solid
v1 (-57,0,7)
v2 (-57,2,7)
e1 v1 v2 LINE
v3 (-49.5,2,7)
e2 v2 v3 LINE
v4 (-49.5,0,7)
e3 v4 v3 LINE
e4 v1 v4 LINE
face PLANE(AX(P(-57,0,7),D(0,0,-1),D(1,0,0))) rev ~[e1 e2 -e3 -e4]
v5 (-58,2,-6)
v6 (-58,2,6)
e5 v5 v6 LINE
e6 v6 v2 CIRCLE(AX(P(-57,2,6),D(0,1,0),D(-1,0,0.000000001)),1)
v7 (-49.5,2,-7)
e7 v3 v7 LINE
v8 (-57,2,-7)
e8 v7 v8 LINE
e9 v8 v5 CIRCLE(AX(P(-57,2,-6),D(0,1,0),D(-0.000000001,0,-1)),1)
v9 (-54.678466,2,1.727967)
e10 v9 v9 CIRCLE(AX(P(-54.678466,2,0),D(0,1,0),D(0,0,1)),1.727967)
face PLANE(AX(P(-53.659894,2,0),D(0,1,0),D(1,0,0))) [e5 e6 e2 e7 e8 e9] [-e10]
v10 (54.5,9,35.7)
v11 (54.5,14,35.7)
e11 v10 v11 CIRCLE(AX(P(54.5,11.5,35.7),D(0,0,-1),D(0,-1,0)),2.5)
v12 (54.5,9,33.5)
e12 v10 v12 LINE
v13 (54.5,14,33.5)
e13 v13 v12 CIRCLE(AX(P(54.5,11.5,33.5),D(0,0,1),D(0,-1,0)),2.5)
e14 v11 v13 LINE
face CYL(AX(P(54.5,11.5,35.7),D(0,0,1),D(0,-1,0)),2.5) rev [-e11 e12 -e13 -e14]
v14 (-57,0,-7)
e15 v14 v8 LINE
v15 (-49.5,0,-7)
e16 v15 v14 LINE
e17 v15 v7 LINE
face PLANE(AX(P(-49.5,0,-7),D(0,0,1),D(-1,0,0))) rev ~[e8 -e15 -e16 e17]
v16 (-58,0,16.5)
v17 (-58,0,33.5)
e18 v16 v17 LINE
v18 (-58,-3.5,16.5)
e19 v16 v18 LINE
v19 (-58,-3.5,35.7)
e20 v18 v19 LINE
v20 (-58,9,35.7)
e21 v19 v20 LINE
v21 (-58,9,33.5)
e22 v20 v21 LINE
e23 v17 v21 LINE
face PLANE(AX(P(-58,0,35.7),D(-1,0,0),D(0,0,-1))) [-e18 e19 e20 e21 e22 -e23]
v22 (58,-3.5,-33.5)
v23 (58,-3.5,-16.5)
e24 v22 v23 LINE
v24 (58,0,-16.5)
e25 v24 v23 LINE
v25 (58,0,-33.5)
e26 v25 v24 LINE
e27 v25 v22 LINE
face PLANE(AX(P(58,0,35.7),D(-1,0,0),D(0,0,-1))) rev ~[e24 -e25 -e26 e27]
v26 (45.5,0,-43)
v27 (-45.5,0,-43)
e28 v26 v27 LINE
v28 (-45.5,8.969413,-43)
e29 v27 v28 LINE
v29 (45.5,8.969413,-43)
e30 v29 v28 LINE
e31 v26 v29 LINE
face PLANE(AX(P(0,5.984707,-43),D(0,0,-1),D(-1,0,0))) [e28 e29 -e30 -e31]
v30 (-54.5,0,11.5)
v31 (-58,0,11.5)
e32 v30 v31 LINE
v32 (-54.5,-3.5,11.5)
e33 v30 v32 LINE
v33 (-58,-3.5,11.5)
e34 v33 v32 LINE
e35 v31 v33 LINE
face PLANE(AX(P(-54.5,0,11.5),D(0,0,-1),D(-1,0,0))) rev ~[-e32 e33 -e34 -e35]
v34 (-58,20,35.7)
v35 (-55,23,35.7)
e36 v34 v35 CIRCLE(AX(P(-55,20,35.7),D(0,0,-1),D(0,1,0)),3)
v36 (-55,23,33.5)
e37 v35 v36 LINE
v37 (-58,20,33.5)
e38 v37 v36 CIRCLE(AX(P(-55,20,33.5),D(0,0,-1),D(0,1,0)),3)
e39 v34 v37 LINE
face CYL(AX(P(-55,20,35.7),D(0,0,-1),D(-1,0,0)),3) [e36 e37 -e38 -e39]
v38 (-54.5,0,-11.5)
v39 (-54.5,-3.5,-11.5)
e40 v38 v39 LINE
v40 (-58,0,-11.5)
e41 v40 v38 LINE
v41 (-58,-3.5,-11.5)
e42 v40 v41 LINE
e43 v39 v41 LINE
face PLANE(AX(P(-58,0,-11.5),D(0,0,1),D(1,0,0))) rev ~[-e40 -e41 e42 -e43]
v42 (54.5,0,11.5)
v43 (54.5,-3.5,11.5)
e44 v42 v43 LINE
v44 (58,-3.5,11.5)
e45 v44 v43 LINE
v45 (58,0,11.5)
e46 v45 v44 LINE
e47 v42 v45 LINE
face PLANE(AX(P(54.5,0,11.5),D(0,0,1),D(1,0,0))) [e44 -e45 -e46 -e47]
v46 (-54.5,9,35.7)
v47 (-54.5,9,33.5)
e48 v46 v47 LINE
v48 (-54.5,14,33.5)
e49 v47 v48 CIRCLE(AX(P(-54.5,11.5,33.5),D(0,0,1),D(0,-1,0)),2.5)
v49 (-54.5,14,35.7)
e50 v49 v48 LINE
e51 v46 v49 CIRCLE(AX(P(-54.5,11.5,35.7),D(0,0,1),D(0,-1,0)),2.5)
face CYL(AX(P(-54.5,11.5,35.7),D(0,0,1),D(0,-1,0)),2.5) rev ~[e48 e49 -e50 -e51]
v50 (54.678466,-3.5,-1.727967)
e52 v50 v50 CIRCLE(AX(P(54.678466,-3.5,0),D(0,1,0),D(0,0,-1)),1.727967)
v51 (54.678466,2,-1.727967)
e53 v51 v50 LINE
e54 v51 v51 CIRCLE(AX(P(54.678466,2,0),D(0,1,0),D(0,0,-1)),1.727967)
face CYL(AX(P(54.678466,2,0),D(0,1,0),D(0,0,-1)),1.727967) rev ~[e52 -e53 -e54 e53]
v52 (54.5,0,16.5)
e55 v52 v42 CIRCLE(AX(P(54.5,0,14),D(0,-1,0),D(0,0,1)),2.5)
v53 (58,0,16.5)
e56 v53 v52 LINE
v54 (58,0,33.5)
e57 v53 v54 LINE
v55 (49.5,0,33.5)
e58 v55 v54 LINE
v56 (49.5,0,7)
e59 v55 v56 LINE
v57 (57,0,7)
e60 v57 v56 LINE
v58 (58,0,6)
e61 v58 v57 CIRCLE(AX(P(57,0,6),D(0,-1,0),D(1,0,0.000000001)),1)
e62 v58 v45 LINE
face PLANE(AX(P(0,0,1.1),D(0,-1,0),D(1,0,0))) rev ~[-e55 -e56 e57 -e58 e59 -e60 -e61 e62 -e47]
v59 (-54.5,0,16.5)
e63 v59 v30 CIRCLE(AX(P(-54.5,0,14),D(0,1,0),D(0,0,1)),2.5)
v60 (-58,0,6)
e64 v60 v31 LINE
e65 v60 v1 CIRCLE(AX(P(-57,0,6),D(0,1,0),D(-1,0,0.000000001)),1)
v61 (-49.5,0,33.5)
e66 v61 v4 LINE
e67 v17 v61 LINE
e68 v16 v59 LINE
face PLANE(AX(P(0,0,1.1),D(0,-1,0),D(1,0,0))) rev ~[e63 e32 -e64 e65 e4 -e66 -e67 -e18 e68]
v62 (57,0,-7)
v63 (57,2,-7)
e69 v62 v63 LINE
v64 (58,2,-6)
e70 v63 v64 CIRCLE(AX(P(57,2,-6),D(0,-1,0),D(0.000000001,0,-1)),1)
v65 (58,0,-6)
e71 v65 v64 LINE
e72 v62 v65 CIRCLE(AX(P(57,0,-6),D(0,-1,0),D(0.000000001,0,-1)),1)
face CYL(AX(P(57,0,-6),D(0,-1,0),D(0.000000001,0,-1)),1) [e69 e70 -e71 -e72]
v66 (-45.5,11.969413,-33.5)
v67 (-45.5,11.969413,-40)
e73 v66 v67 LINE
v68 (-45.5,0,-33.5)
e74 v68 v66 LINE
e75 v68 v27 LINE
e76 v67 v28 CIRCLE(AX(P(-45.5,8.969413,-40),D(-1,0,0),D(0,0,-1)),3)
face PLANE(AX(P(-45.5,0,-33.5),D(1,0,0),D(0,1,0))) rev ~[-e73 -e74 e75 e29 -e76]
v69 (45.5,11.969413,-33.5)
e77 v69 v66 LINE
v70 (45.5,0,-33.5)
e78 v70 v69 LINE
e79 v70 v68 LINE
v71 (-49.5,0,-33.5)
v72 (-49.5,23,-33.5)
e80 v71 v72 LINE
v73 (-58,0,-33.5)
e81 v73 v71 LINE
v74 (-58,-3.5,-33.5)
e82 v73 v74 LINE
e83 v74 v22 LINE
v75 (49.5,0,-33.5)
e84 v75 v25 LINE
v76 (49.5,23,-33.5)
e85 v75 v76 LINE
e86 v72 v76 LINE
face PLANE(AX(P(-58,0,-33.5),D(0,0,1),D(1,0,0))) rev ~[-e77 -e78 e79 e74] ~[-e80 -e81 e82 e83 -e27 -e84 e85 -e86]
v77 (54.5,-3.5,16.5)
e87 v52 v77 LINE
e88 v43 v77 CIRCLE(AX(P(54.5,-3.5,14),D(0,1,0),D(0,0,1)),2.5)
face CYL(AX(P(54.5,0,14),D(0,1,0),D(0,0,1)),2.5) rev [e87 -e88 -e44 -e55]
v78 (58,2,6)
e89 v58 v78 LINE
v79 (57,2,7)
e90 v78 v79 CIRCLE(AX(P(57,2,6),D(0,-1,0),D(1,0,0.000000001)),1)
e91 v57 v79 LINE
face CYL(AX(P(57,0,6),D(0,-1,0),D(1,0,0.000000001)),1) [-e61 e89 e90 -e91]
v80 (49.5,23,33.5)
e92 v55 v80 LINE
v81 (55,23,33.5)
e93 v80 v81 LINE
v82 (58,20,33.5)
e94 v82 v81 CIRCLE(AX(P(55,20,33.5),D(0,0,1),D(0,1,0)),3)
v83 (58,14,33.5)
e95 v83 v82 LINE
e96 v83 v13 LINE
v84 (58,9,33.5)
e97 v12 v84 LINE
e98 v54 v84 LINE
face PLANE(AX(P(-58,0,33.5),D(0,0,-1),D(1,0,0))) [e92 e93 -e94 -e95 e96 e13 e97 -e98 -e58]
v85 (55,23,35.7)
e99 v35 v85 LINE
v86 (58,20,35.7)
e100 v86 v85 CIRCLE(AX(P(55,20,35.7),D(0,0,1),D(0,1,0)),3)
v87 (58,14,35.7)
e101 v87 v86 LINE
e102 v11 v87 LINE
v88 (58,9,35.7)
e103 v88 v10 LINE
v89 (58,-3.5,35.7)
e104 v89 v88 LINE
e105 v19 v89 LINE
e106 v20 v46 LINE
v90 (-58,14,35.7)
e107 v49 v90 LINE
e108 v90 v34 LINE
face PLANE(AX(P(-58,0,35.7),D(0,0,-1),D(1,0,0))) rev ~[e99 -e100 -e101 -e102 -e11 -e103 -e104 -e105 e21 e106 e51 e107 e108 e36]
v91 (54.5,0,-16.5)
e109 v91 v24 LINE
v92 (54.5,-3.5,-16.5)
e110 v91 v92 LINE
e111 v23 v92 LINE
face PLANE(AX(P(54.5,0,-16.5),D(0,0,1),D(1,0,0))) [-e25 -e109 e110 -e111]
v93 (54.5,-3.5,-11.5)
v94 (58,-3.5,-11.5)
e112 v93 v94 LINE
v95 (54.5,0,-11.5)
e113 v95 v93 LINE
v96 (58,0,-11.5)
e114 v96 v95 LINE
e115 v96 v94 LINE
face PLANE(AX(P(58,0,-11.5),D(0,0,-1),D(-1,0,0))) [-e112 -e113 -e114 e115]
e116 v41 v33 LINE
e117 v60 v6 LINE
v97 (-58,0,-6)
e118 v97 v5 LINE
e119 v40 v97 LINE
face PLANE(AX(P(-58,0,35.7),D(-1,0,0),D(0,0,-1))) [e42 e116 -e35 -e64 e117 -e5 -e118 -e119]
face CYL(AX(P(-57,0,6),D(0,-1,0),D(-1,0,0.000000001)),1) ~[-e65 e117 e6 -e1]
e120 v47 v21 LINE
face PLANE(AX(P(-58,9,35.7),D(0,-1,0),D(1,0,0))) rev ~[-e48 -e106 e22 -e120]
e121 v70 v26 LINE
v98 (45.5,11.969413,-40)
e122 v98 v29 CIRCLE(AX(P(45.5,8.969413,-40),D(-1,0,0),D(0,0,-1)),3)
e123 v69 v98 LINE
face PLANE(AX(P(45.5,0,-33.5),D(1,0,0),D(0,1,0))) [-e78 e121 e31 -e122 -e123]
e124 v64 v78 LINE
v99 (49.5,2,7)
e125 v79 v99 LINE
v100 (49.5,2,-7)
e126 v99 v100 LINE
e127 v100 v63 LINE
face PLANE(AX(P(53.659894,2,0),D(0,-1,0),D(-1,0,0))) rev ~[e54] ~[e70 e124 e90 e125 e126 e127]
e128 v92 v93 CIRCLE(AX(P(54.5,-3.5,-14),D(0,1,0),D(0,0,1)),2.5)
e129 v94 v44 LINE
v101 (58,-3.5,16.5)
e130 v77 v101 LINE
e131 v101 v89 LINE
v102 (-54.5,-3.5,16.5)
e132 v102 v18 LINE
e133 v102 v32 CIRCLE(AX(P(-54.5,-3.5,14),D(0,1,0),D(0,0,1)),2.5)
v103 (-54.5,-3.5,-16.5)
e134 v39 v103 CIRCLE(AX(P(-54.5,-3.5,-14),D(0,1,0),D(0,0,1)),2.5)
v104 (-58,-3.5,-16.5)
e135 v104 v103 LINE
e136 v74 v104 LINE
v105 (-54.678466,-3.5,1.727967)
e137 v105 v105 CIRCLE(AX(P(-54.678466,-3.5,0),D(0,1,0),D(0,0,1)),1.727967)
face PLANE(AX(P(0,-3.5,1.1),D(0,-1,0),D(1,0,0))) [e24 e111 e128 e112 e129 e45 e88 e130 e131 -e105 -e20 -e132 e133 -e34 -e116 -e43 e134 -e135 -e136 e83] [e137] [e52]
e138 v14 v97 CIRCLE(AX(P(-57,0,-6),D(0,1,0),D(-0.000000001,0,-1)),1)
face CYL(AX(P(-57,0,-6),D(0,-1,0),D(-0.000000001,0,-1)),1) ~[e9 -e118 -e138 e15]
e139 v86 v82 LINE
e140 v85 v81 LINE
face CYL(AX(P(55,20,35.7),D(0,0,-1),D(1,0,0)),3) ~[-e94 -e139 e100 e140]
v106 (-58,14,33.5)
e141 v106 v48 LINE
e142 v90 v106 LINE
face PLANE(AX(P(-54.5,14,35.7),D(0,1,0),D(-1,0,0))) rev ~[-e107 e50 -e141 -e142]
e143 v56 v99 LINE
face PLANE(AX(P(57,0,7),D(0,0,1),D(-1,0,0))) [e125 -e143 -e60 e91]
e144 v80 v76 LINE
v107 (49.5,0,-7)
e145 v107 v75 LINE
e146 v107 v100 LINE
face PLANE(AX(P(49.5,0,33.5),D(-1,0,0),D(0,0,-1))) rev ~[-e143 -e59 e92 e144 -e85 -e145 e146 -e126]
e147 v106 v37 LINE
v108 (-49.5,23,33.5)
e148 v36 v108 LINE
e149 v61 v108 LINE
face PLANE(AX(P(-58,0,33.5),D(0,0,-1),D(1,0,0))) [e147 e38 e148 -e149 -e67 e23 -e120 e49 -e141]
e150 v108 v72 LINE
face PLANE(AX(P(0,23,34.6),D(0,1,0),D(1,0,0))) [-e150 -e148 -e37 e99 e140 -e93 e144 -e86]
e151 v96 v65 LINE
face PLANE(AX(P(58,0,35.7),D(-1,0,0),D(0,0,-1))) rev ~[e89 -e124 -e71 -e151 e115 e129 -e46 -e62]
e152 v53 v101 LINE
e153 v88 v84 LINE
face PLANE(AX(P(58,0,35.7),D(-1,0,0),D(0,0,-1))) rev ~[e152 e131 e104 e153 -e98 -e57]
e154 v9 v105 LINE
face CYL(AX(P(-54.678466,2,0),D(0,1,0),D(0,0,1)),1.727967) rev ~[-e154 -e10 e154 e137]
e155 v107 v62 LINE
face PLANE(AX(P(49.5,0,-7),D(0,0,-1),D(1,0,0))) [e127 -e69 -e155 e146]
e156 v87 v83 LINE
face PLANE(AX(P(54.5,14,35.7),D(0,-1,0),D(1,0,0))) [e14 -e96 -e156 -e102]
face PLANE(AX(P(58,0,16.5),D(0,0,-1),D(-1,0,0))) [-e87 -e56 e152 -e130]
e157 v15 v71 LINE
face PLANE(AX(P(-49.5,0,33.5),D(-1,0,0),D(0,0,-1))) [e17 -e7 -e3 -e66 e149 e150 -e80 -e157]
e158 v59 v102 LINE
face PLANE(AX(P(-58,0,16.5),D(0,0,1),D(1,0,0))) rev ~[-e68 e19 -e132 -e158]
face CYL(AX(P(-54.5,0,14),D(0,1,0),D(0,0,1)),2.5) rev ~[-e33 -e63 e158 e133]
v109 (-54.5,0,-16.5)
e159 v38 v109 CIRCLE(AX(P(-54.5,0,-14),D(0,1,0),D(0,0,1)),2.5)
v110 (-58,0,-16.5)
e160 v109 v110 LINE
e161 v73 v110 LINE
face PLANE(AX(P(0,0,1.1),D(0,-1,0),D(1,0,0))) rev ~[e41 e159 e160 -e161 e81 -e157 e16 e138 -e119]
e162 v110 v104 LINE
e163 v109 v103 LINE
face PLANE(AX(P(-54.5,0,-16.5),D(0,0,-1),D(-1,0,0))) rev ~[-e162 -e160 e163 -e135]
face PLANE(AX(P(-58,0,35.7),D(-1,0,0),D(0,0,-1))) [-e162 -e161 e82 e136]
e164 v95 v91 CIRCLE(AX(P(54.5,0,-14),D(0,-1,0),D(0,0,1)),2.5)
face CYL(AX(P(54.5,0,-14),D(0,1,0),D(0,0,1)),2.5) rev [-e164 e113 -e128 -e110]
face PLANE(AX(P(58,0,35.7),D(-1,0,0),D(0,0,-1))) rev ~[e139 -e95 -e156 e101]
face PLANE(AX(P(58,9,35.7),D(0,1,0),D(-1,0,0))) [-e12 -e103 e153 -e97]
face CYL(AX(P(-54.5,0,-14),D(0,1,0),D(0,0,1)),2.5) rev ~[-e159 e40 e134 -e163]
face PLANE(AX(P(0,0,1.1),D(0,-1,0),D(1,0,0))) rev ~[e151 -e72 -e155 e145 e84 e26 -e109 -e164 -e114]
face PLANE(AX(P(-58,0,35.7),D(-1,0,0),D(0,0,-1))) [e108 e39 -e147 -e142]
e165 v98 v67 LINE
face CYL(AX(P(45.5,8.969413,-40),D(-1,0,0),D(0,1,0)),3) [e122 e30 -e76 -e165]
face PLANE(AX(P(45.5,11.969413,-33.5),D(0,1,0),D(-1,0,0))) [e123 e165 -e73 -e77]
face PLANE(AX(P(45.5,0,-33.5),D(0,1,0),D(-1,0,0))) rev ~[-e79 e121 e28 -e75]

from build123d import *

# Parameters (mm, degrees)
SKETCH1_W           = 99
SKETCH1_H           = 67
BOSS_EXTRUDE1_DEPTH = 23
SKETCH2_W           = 116
SKETCH2_H           = 69.2
BOSS_EXTRUDE2_DEPTH = 3.5
SKETCH3_W           = 116
SKETCH3_H           = 2.2
BOSS_EXTRUDE3_DEPTH = 23
SKETCH4_W           = 91
SKETCH4_H           = 11.969413233
BOSS_EXTRUDE4_DEPTH = 9.5
FILLET1_R           = 3
FILLET2_R           = 3
CUT_EXTRUDE1_DEPTH  = 9.5
CUT_EXTRUDE2_DEPTH  = 9.5
BOSS_EXTRUDE5_DEPTH = 2
SKETCH9_R           = 1.727966507
CUT_EXTRUDE3_DEPTH  = 76.193084788


with BuildPart() as part:
    # Sketch1 → Boss-Extrude1 (new body)
    with BuildSketch(Plane(origin=(0, 0, 0), x_dir=(1, 0, 0), z_dir=(0, 1, 0))):
        Rectangle(SKETCH1_W, SKETCH1_H)
    extrude(amount=BOSS_EXTRUDE1_DEPTH)

    # Sketch2 → Boss-Extrude2 (add)
    with BuildSketch(Plane.XZ):
        with Locations((0, 1.1)):
            Rectangle(SKETCH2_W, SKETCH2_H)
    extrude(amount=BOSS_EXTRUDE2_DEPTH)

    # Sketch3 → Boss-Extrude3 (add)
    with BuildSketch(Plane(origin=(0, 0, 0), x_dir=(1, 0, 0), z_dir=(0, 1, 0))):
        with Locations((0, -34.6)):
            Rectangle(SKETCH3_W, SKETCH3_H)
    extrude(amount=BOSS_EXTRUDE3_DEPTH)

    # Sketch4 → Boss-Extrude4 (add)
    with BuildSketch(Plane(origin=(0, 0, -33.5), x_dir=(-1, 0, 0), z_dir=(0, 0, -1))):
        with Locations((0, 5.984706617)):
            Rectangle(SKETCH4_W, SKETCH4_H)
    extrude(amount=BOSS_EXTRUDE4_DEPTH)

    # Fillet1
    fillet1_edges = [part.edges().sort_by_distance(p)[0] for p in [
        (0, 11.969413233, -43),
    ]]
    fillet(fillet1_edges, radius=FILLET1_R)

    # Fillet2
    fillet2_edges = [part.edges().sort_by_distance(p)[0] for p in [
        (58, 23, 34.6),
        (-58, 23, 34.6),
    ]]
    fillet(fillet2_edges, radius=FILLET2_R)

    # Sketch5 → Cut-Extrude1 (cut)
    with BuildSketch(Plane.XY.offset(35.7)):
        with BuildLine():
            Line((-54.5, 14), (-58, 14))
            Line((-58, 14), (-58, 9))
            Line((-58, 9), (-54.5, 9))
            ThreePointArc((-54.5, 9), (-52, 11.5), (-54.5, 14))
        make_face()
        with BuildLine():
            Line((58, 9), (54.5, 9))
            ThreePointArc((54.5, 9), (52, 11.5), (54.5, 14))
            Line((54.5, 14), (58, 14))
            Line((58, 14), (58, 9))
        make_face()
    extrude(amount=-CUT_EXTRUDE1_DEPTH, mode=Mode.SUBTRACT)

    # Sketch6 → Cut-Extrude2 (cut)
    with BuildSketch(Plane(origin=(0, 0, 0), x_dir=(1, 0, 0), z_dir=(0, 1, 0))):
        with BuildLine():
            Line((54.5, 16.5), (58, 16.5))
            Line((58, 16.5), (58, 11.5))
            Line((58, 11.5), (54.5, 11.5))
            ThreePointArc((54.5, 11.5), (52, 14), (54.5, 16.5))
        make_face()
        with BuildLine():
            Line((54.5, -11.5), (58, -11.5))
            Line((58, -11.5), (58, -16.5))
            Line((58, -16.5), (54.5, -16.5))
            ThreePointArc((54.5, -16.5), (52, -14), (54.5, -11.5))
        make_face()
        with BuildLine():
            Line((-58, -16.5), (-54.5, -16.5))
            ThreePointArc((-54.5, -16.5), (-52, -14), (-54.5, -11.5))
            Line((-54.5, -11.5), (-58, -11.5))
            Line((-58, -11.5), (-58, -16.5))
        make_face()
        with BuildLine():
            Line((-58, 11.5), (-54.5, 11.5))
            ThreePointArc((-54.5, 11.5), (-52, 14), (-54.5, 16.5))
            Line((-54.5, 16.5), (-58, 16.5))
            Line((-58, 16.5), (-58, 11.5))
        make_face()
    extrude(amount=-CUT_EXTRUDE2_DEPTH, mode=Mode.SUBTRACT)

    # Sketch8 → Boss-Extrude5 (add)
    with BuildSketch(Plane(origin=(0, 0, 0), x_dir=(1, 0, 0), z_dir=(0, 1, 0))):
        with BuildLine():
            Line((-57, -7), (-49.5, -7))
            Line((-49.5, -7), (-49.5, 7))
            Line((-49.5, 7), (-57, 7))
            ThreePointArc((-57, 7), (-57.707106781, 6.707106781), (-58, 6))
            Line((-58, 6), (-58, -6))
            ThreePointArc((-58, -6), (-57.707106781, -6.707106781), (-57, -7))
        make_face()
        with BuildLine():
            Line((49.5, -7), (49.5, 7))
            Line((49.5, 7), (57, 7))
            ThreePointArc((57, 7), (57.707106781, 6.707106781), (58, 6))
            Line((58, 6), (58, -6))
            ThreePointArc((58, -6), (57.707106781, -6.707106781), (57, -7))
            Line((57, -7), (49.5, -7))
        make_face()
    extrude(amount=BOSS_EXTRUDE5_DEPTH)

    # Sketch9 → Cut-Extrude3 (cut, through all)
    with BuildSketch(Plane(origin=(0, 2, 0), x_dir=(1, 0, 0), z_dir=(0, 1, 0))):
        with Locations(Location((-54.678466494, 0, 0), (0, 0, 270))):
            Circle(SKETCH9_R)
        with Locations(Location((54.678466494, 0, 0), (0, 0, 90))):
            Circle(SKETCH9_R)
    extrude(amount=-CUT_EXTRUDE3_DEPTH, mode=Mode.SUBTRACT)


solid = part.part
